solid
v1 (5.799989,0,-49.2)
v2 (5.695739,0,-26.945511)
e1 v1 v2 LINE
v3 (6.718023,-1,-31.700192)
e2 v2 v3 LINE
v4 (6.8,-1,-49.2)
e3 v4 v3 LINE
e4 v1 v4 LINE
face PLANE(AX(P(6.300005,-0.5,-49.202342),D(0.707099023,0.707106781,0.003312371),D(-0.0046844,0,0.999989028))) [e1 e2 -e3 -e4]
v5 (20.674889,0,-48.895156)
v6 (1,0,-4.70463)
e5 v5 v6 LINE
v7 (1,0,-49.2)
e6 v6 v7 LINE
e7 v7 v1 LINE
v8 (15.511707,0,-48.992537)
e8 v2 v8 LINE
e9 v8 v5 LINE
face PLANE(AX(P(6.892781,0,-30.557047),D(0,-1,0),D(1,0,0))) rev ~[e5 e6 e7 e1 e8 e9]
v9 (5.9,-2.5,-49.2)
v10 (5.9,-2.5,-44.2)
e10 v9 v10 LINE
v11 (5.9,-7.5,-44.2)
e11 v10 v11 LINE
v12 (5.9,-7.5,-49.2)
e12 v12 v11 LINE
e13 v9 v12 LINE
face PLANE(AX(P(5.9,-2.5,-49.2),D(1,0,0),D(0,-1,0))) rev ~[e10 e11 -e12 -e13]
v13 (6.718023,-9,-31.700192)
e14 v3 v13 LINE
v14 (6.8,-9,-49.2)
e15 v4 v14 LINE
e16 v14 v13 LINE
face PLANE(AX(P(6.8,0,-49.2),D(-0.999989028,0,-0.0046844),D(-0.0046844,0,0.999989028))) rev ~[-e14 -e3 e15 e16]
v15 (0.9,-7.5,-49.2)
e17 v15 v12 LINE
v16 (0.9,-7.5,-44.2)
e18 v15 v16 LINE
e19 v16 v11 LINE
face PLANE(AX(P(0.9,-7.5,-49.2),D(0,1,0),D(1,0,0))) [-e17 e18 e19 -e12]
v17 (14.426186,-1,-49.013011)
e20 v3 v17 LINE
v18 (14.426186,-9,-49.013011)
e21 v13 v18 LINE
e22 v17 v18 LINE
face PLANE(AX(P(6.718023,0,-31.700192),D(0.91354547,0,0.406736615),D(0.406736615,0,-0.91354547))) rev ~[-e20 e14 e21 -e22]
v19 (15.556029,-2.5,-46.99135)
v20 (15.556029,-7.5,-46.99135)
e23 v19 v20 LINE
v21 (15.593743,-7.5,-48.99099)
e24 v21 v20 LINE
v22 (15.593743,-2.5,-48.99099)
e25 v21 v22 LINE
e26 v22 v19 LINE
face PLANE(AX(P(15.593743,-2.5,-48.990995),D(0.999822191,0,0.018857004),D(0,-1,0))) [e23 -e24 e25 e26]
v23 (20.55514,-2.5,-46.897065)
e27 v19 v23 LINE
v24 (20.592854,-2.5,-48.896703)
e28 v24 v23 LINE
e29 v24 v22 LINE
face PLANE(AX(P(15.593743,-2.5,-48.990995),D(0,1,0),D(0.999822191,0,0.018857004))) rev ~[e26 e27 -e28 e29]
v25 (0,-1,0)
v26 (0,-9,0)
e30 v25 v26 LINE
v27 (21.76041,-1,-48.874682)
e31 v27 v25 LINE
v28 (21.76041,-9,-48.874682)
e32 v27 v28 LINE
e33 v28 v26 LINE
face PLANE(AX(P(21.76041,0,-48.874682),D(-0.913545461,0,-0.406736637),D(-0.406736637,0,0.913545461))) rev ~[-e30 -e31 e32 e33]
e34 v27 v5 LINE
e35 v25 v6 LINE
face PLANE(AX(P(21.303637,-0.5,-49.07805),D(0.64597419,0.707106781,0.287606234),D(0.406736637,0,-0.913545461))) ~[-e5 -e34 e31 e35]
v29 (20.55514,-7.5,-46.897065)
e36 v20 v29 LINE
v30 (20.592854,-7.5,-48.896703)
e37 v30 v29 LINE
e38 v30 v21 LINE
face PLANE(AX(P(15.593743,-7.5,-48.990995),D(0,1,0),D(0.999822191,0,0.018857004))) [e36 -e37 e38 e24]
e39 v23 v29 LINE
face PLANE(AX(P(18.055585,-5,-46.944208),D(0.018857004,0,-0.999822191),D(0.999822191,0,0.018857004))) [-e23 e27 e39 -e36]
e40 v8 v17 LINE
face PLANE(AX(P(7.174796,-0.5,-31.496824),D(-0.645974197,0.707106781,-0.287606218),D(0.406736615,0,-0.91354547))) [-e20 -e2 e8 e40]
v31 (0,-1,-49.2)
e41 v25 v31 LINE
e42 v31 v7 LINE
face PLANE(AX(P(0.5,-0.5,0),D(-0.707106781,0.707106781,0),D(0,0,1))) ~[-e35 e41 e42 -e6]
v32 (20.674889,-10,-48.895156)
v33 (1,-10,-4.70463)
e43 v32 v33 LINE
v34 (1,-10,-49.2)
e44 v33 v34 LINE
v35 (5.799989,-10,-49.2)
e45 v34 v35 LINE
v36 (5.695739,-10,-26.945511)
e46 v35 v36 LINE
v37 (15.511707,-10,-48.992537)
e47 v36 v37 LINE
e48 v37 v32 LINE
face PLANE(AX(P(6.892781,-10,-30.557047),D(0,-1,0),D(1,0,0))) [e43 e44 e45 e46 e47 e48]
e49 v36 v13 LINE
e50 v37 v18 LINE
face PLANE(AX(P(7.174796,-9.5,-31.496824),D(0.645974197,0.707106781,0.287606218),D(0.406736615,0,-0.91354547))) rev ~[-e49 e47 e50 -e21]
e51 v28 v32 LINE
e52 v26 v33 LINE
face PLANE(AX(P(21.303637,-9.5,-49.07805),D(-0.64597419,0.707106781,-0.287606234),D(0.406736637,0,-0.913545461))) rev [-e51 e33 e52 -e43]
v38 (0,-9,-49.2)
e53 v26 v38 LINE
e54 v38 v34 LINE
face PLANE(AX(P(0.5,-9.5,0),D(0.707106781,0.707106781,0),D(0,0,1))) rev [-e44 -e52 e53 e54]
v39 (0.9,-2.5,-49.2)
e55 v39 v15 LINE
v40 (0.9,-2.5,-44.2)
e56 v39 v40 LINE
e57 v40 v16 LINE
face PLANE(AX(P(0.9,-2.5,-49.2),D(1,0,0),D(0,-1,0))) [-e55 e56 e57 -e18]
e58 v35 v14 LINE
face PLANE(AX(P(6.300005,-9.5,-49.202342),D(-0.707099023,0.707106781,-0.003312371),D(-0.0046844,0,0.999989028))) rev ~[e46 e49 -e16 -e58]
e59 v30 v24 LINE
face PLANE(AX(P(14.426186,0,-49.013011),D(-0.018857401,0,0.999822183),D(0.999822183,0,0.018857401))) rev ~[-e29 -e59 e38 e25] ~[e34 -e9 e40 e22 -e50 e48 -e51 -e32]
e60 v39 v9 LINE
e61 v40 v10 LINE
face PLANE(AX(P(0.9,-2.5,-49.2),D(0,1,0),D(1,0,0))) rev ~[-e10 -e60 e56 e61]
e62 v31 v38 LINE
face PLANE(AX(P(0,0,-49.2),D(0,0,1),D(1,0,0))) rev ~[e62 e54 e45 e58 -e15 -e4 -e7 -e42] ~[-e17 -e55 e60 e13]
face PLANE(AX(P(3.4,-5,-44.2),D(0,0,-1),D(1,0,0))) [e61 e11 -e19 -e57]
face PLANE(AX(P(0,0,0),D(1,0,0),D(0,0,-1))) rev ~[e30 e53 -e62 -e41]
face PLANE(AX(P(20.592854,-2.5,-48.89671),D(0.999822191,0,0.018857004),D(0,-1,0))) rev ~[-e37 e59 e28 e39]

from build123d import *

# Parameters (mm, degrees)
F1_DEPTH = 10
F2_W     = 5
F2_H     = 5
F3_DEPTH = 5
F4_W     = 5
F4_H     = 5
F5_DEPTH = 2
F6_SIZE  = 1


with BuildPart() as f1:
    # F0 (on Front) → F1 (new body)
    with BuildSketch(Plane.XZ):
        Polygon((21.76041, -48.874682), (0, 0), (0, -49.2), (6.8, -49.2), (6.718023, -31.700192), (14.426186, -49.013011), align=None)
    extrude(amount=F1_DEPTH)

    # F2 (on face) → F3 (cut)
    with BuildSketch(Plane(origin=(0, 0, -49.2), x_dir=(1, 0, 0), z_dir=(0, 0, -1))):
        with Locations((3.4, 5)):
            Rectangle(F2_W, F2_H)
    extrude(amount=-F3_DEPTH, mode=Mode.SUBTRACT)

    # F4 (on face) → F5 (cut)
    with BuildSketch(Plane(origin=(0.929221, 0, -49.267573), x_dir=(0.999822, 0, 0.018857), z_dir=(0.018857, 0, -0.999822))):
        with Locations((17.16713, 5)):
            Rectangle(F4_W, F4_H)
    extrude(amount=-F5_DEPTH, mode=Mode.SUBTRACT)

    # F6
    f6_edges = [f1.edges().sort_by_distance(p)[0] for p in [
        (10.880205, -10, -24.437341),
        (10.572105, -10, -40.356601),
        (6.759011, 0, -40.450096),
        (6.759011, -10, -40.450096),
        (0, -10, -24.6),
        (0, 0, -24.6),
        (10.572105, 0, -40.356601),
        (10.880205, 0, -24.437341),
    ]]
    chamfer(f6_edges, length=F6_SIZE)


solid = f1.part
